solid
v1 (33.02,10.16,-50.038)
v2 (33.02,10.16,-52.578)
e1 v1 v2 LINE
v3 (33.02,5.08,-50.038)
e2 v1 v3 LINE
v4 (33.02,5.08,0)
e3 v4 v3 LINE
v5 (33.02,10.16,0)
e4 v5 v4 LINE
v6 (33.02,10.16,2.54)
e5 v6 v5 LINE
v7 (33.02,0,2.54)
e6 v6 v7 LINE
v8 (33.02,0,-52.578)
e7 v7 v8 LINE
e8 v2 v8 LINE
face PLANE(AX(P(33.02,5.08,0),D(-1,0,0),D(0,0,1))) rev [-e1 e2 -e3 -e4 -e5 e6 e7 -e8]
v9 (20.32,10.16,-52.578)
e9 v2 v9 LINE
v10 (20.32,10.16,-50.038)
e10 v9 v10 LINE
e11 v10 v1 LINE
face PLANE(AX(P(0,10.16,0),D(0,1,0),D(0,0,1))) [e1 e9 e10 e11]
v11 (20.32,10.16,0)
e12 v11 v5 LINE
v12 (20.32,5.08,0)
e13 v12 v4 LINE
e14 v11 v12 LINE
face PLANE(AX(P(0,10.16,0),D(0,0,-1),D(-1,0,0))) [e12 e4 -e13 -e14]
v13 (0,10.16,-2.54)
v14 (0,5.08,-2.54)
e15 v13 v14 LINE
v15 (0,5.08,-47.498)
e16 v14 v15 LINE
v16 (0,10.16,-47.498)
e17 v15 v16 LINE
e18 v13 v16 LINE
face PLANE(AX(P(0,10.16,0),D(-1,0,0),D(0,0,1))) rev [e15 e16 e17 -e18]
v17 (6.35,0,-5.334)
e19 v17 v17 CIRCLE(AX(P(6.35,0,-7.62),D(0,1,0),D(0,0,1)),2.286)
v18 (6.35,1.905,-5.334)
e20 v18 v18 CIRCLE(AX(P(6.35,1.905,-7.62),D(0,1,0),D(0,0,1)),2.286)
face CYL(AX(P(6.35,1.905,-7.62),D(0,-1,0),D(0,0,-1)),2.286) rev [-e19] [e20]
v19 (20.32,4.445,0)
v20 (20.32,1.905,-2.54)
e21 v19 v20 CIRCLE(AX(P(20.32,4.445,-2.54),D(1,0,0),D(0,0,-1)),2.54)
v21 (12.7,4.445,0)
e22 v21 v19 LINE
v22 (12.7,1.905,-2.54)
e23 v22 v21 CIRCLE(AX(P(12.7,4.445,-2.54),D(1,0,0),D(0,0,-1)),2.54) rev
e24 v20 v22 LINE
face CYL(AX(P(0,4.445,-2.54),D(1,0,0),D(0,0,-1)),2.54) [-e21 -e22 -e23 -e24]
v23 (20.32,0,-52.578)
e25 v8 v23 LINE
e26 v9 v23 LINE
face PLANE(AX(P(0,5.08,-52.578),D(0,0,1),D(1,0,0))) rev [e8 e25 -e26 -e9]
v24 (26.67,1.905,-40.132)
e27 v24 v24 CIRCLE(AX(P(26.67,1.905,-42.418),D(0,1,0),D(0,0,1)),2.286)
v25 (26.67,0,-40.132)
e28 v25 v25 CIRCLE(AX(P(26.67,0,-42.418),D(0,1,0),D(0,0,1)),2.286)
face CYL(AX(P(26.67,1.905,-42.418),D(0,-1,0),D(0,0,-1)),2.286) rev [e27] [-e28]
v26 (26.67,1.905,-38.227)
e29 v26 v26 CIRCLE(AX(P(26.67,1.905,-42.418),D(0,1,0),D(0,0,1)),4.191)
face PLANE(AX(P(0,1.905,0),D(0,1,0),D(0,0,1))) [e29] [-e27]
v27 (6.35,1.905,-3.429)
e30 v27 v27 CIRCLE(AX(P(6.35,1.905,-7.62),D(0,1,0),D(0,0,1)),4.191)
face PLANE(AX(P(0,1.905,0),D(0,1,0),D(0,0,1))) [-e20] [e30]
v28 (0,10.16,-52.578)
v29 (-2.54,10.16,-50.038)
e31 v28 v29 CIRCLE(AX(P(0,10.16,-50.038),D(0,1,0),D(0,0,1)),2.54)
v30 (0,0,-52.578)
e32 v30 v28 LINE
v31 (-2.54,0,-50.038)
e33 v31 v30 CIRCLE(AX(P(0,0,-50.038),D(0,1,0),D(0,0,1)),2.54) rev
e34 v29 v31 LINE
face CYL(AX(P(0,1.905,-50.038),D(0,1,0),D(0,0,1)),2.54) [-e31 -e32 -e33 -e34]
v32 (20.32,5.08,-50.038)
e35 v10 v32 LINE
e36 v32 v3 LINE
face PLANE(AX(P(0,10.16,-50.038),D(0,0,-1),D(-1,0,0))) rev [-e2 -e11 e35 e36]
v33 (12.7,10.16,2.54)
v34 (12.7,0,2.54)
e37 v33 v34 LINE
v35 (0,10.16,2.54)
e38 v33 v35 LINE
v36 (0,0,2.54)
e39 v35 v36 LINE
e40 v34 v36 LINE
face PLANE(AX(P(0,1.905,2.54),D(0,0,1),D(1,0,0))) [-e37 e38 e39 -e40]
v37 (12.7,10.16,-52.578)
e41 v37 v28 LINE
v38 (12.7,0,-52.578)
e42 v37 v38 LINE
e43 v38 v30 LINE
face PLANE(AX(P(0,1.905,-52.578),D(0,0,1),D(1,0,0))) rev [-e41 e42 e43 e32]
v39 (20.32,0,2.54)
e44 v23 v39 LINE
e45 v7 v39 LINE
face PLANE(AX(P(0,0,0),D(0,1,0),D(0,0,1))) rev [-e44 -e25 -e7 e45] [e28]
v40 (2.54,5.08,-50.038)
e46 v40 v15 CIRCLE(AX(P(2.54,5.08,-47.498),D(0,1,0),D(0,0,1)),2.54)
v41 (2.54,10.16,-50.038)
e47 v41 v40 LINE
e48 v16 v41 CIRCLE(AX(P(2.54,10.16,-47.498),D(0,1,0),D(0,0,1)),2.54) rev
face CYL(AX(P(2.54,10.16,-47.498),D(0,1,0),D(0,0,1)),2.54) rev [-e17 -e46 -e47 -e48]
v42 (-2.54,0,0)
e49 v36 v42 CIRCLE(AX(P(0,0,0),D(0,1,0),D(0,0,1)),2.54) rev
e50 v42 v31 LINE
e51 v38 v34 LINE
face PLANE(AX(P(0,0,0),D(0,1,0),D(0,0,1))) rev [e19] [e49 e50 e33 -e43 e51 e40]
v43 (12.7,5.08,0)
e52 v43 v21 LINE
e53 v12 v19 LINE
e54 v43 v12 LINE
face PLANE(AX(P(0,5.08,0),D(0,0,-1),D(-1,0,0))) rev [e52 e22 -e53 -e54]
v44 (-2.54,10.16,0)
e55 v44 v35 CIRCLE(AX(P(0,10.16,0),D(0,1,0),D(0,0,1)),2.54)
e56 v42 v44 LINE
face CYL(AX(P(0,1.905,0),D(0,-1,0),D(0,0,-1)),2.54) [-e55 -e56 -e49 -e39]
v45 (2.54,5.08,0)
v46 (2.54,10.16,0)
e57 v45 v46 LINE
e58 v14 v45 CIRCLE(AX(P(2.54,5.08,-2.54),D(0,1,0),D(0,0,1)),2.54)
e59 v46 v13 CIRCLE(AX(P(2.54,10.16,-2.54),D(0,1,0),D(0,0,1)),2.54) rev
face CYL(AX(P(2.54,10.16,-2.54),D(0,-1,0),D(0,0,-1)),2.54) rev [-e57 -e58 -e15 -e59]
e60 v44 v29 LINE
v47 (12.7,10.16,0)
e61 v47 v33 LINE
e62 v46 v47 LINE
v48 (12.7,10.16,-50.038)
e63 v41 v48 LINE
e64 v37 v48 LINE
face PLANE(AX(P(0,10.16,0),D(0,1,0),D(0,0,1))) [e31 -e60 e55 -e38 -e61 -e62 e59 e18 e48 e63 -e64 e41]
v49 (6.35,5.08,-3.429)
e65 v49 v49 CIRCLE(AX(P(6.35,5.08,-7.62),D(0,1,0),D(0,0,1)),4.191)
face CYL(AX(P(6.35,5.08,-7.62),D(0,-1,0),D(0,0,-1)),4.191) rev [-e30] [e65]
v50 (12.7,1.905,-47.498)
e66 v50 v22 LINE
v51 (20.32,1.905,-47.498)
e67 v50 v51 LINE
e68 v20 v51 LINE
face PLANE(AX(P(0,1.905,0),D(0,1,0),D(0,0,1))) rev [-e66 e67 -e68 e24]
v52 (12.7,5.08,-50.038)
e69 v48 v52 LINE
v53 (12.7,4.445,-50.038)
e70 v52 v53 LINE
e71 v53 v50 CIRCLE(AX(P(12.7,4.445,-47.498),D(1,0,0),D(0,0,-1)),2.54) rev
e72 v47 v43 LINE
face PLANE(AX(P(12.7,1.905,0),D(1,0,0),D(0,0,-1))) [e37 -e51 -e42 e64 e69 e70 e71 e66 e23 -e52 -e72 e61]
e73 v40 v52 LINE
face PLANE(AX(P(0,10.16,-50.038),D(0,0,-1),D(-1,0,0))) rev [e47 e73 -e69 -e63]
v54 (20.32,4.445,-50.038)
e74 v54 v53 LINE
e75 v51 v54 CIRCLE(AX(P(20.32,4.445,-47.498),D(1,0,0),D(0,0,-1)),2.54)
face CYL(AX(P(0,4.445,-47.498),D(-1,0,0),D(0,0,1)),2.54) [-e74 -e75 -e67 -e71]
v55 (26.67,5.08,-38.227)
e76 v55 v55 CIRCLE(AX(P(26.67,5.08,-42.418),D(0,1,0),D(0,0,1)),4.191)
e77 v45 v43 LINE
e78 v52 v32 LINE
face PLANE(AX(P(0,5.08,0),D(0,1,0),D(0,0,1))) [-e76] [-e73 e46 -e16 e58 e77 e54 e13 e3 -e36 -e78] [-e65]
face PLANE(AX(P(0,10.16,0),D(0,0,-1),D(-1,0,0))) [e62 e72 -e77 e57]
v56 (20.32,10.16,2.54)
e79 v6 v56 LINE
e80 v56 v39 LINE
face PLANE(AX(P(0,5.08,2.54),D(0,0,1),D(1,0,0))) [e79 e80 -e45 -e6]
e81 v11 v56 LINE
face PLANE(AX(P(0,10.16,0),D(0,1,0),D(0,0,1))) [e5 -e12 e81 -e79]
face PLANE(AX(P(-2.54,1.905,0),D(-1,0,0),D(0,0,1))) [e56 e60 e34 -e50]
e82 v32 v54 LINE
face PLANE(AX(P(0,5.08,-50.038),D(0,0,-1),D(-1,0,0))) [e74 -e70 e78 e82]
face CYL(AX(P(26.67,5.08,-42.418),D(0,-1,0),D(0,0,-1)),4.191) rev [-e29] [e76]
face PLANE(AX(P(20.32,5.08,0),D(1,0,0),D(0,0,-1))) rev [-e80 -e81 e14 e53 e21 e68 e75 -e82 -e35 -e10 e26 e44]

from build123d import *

# Parameters (mm, degrees)
SKETCH1_W           = 12.7
SKETCH1_H           = 50.038
SKETCH1_R           = 4.191
SKETCH1_R_2         = 2.286
SKETCH1_H_2         = 2.54
BOSS_EXTRUDE1_DEPTH = 1.905
BOSS_EXTRUDE3_START = 1.905
SKETCH1_3_W         = 7.62
SKETCH1_3_H         = 50.038
SKETCH1_3_W_2       = 12.7
SKETCH1_3_R         = 4.191
SKETCH1_3_H_2       = 2.54
BOSS_EXTRUDE3_DEPTH = 3.175
BOSS_EXTRUDE4_START = 5.08
SKETCH1_4_W         = 12.7
SKETCH1_4_H         = 2.54
BOSS_EXTRUDE4_DEPTH = 5.08
FILLET1_R           = 2.54


with BuildPart() as part:
    # Sketch1 → Boss-Extrude1 (new body)
    with BuildSketch(Plane(origin=(0, 0, 0), x_dir=(1, 0, 0), z_dir=(0, 1, 0))):
        with Locations((6.35, 25.019)):
            Rectangle(SKETCH1_W, SKETCH1_H)
        with Locations((6.35, 7.62)):
            Circle(SKETCH1_R, mode=Mode.SUBTRACT)
        with Locations((26.67, 25.019)):
            Rectangle(SKETCH1_W, SKETCH1_H)
        with Locations((26.67, 42.418)):
            Circle(SKETCH1_R, mode=Mode.SUBTRACT)
        with Locations((6.35, 7.62)):
            Circle(SKETCH1_R)
        with Locations((6.35, 7.62)):
            Circle(SKETCH1_R_2, mode=Mode.SUBTRACT)
        with Locations((26.67, 42.418)):
            Circle(SKETCH1_R)
        with Locations((26.67, 42.418)):
            Circle(SKETCH1_R_2, mode=Mode.SUBTRACT)
        Polygon((12.7, 0), (0, 0), (0, 50.038), (12.7, 50.038), (12.7, 52.578), (-2.54, 52.578), (-2.54, -2.54), (12.7, -2.54), align=None)
        with Locations((26.67, 51.308)):
            Rectangle(SKETCH1_W, SKETCH1_H_2)
        with Locations((26.67, -1.27)):
            Rectangle(SKETCH1_W, SKETCH1_H_2)
    extrude(amount=BOSS_EXTRUDE1_DEPTH)

    # Sketch1_3 → Boss-Extrude3 (add)
    with BuildSketch(Plane(origin=(0, 0, 0), x_dir=(1, 0, 0), z_dir=(0, 1, 0)).offset(BOSS_EXTRUDE3_START)):
        with Locations((16.51, 25.019)):
            Rectangle(SKETCH1_3_W, SKETCH1_3_H)
        with Locations((6.35, 25.019)):
            Rectangle(SKETCH1_3_W_2, SKETCH1_3_H)
        with Locations((6.35, 7.62)):
            Circle(SKETCH1_3_R, mode=Mode.SUBTRACT)
        with Locations((26.67, 25.019)):
            Rectangle(SKETCH1_3_W_2, SKETCH1_3_H)
        with Locations((26.67, 42.418)):
            Circle(SKETCH1_3_R, mode=Mode.SUBTRACT)
        Polygon((12.7, 0), (0, 0), (0, 50.038), (12.7, 50.038), (12.7, 52.578), (-2.54, 52.578), (-2.54, -2.54), (12.7, -2.54), align=None)
        with Locations((26.67, -1.27)):
            Rectangle(SKETCH1_3_W_2, SKETCH1_3_H_2)
        with Locations((26.67, 51.308)):
            Rectangle(SKETCH1_3_W_2, SKETCH1_3_H_2)
    extrude(amount=BOSS_EXTRUDE3_DEPTH)

    # Sketch1_4 → Boss-Extrude4 (add)
    with BuildSketch(Plane(origin=(0, 0, 0), x_dir=(1, 0, 0), z_dir=(0, 1, 0)).offset(BOSS_EXTRUDE4_START)):
        Polygon((12.7, 0), (0, 0), (0, 50.038), (12.7, 50.038), (12.7, 52.578), (-2.54, 52.578), (-2.54, -2.54), (12.7, -2.54), align=None)
        with Locations((26.67, -1.27)):
            Rectangle(SKETCH1_4_W, SKETCH1_4_H)
        with Locations((26.67, 51.308)):
            Rectangle(SKETCH1_4_W, SKETCH1_4_H)
    extrude(amount=BOSS_EXTRUDE4_DEPTH)

    # Fillet1
    fillet1_edges = [part.edges().sort_by_distance(p)[0] for p in [
        (0, 7.62, -50.038),
        (0, 7.62, 0),
        (-2.54, 5.08, -52.578),
        (-2.54, 5.08, 2.54),
        (16.51, 1.905, -50.038),
        (16.51, 1.905, 0),
    ]]
    fillet(fillet1_edges, radius=FILLET1_R)


solid = part.part
